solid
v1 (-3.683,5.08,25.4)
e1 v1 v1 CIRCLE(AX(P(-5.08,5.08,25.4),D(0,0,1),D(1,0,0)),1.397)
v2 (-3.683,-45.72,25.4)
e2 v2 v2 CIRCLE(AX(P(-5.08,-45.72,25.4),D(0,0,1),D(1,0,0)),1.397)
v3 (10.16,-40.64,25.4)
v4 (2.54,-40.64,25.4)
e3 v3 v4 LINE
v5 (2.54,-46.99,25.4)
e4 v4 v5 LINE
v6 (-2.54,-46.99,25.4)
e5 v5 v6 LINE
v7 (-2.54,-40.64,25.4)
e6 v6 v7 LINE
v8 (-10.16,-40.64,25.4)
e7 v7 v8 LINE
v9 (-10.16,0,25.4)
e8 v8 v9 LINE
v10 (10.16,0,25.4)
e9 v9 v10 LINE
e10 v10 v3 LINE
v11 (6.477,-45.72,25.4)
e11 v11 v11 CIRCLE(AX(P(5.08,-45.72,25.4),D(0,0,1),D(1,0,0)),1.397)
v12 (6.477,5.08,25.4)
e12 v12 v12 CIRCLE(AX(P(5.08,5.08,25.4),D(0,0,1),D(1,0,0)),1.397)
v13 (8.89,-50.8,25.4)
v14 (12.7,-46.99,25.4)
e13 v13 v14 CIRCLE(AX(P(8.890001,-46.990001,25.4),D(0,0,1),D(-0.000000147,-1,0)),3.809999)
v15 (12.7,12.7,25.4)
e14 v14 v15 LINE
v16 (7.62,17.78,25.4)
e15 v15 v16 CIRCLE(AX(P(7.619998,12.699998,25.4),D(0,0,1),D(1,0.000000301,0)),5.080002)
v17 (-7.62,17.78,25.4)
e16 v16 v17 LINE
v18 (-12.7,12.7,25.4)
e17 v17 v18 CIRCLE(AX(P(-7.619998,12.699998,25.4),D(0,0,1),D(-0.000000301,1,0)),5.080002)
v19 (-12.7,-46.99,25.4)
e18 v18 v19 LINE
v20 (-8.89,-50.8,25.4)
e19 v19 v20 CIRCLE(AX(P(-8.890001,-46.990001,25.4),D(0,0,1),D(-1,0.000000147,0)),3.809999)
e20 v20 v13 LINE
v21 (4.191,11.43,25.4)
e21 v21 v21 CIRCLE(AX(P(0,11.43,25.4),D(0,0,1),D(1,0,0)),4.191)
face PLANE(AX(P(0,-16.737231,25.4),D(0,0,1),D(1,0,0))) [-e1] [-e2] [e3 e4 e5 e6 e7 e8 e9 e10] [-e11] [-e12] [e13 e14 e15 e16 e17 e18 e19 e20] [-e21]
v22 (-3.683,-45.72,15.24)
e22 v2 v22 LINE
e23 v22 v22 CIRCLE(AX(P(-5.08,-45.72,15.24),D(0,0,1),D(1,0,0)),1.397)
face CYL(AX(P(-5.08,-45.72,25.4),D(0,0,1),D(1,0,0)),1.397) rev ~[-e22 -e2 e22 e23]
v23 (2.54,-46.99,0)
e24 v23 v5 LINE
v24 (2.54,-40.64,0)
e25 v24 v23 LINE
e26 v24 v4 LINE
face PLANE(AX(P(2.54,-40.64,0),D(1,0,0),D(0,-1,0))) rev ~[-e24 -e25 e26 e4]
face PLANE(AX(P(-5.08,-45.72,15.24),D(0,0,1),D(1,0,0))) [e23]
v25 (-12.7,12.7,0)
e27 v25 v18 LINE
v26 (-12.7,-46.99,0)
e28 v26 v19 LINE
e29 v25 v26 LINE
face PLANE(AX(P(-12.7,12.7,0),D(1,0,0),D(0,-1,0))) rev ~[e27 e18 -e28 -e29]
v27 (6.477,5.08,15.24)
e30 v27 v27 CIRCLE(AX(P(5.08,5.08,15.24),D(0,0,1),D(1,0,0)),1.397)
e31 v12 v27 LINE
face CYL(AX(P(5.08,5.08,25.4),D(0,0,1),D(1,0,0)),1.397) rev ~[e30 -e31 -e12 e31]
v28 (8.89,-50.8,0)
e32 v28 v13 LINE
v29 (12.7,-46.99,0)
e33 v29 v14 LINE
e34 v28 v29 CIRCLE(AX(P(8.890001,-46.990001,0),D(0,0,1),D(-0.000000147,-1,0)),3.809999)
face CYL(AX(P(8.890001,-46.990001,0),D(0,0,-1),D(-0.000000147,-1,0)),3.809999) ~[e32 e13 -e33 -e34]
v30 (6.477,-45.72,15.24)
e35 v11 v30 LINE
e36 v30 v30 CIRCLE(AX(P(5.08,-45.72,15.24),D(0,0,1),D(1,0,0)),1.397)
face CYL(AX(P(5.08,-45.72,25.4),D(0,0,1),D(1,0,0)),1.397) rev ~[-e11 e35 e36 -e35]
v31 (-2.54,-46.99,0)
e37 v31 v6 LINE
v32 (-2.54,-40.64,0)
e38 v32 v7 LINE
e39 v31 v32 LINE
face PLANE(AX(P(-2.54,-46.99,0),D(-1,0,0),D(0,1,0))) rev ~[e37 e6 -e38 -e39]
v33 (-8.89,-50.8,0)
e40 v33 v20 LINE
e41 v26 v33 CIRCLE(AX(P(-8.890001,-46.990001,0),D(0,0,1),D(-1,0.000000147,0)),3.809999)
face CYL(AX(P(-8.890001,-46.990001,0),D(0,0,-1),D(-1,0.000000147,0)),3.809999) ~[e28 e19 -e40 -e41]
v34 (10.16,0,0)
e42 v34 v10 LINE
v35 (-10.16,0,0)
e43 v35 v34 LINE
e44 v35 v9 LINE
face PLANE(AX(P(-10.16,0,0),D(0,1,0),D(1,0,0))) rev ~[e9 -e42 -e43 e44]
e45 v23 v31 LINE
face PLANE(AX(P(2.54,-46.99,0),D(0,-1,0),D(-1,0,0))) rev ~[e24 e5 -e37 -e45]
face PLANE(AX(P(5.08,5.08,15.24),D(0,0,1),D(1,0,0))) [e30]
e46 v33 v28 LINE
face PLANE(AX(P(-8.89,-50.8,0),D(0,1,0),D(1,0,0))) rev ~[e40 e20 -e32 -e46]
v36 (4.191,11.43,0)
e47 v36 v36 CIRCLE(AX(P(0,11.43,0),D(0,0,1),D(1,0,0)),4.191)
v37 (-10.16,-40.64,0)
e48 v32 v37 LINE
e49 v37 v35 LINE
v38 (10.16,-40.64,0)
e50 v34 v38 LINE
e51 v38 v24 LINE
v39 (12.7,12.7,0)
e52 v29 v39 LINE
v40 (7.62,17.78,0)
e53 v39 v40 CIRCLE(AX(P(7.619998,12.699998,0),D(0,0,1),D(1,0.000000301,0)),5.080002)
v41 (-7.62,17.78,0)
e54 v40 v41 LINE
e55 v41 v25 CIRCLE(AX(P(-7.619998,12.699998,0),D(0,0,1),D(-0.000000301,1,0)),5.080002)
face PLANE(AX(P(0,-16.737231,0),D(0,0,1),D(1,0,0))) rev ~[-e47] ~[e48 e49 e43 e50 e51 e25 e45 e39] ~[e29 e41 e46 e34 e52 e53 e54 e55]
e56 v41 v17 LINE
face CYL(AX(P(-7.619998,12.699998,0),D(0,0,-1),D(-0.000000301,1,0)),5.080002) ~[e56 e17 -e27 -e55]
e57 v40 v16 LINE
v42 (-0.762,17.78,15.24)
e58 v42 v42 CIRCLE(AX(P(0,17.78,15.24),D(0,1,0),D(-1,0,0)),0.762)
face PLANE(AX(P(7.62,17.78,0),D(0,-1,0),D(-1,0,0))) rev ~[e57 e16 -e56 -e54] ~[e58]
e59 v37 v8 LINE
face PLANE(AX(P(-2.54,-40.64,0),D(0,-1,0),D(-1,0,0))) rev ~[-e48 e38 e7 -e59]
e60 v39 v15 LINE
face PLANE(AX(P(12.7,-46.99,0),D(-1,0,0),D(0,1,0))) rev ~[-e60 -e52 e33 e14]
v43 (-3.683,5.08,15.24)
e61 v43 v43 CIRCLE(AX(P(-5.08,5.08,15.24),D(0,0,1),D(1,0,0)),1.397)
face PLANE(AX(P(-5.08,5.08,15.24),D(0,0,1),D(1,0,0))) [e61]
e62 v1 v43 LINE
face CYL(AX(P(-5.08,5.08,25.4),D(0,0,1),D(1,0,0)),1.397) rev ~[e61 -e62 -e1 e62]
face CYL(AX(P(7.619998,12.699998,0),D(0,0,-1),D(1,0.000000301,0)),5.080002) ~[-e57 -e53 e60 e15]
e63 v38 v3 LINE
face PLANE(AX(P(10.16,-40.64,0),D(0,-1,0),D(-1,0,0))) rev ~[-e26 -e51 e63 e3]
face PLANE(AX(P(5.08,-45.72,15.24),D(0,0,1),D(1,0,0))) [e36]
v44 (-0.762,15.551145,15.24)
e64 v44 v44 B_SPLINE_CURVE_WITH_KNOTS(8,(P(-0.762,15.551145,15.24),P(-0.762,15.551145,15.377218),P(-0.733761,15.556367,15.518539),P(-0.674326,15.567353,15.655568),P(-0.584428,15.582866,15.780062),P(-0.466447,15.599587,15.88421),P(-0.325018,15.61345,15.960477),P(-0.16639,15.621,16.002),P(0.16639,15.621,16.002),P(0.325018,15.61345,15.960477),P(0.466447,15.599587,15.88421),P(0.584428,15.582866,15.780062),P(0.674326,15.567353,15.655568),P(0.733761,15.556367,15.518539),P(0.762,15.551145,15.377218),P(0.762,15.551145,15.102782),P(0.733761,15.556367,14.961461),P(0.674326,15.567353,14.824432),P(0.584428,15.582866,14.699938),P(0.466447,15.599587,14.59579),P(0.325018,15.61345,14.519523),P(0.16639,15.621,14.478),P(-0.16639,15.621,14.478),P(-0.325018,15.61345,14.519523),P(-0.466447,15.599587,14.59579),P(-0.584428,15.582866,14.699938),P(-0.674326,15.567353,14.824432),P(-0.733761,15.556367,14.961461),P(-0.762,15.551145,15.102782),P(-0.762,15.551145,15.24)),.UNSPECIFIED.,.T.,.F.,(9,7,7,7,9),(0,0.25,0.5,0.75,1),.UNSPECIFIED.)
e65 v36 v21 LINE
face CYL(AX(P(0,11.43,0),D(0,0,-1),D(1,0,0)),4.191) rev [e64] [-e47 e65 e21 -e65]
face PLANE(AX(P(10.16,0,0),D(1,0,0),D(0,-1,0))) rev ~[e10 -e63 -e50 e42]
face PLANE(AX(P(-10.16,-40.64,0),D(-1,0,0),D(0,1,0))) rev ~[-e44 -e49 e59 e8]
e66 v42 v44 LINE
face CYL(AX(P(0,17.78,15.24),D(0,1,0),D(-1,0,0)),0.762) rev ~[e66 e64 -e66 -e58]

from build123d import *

# Parameters (mm, degrees)
F0_R     = 4.191
F1_DEPTH = 25.4
F3_R     = 1.397
F4_DEPTH = 10.16
F2_R     = 0.762
F5_DEPTH = 5.08


with BuildPart() as f1:
    # F0 (on Top) → F1 (new body)
    with BuildSketch(Plane.XY):
        with BuildLine():
            Line((7.62, 17.78), (-7.62, 17.78))
            ThreePointArc((-7.62, 17.78), (-11.212102, 16.292102), (-12.7, 12.7))
            Line((-12.7, 12.7), (-12.7, -46.99))
            ThreePointArc((-12.7, -46.99), (-11.584077, -49.684077), (-8.89, -50.8))
            Line((-8.89, -50.8), (8.89, -50.8))
            ThreePointArc((8.89, -50.8), (11.584077, -49.684077), (12.7, -46.99))
            Line((12.7, -46.99), (12.7, 12.7))
            ThreePointArc((12.7, 12.7), (11.212102, 16.292102), (7.62, 17.78))
        make_face()
        Polygon((-10.16, -40.64), (-10.16, 0), (10.16, 0), (10.16, -40.64), (2.54, -40.64), (2.54, -46.99), (-2.54, -46.99), (-2.54, -40.64), align=None, mode=Mode.SUBTRACT)
        with Locations((0, 11.43)):
            Circle(F0_R, mode=Mode.SUBTRACT)
    extrude(amount=F1_DEPTH)

    # F3 (on face) → F4 (cut)
    with BuildSketch(Plane.XY.offset(25.4)):
        with Locations((-5.08, 5.08)):
            Circle(F3_R)
        with Locations((5.08, 5.08)):
            Circle(F3_R)
        with Locations((5.08, -45.72)):
            Circle(F3_R)
        with Locations((-5.08, -45.72)):
            Circle(F3_R)
    extrude(amount=-F4_DEPTH, mode=Mode.SUBTRACT)

    # F2 (on face) → F5 (cut)
    with BuildSketch(Plane(origin=(0, 17.78, 0), x_dir=(-1, 0, 0), z_dir=(0, 1, 0))):
        with Locations((0, 15.24)):
            Circle(F2_R)
    extrude(amount=-F5_DEPTH, mode=Mode.SUBTRACT)


solid = f1.part
